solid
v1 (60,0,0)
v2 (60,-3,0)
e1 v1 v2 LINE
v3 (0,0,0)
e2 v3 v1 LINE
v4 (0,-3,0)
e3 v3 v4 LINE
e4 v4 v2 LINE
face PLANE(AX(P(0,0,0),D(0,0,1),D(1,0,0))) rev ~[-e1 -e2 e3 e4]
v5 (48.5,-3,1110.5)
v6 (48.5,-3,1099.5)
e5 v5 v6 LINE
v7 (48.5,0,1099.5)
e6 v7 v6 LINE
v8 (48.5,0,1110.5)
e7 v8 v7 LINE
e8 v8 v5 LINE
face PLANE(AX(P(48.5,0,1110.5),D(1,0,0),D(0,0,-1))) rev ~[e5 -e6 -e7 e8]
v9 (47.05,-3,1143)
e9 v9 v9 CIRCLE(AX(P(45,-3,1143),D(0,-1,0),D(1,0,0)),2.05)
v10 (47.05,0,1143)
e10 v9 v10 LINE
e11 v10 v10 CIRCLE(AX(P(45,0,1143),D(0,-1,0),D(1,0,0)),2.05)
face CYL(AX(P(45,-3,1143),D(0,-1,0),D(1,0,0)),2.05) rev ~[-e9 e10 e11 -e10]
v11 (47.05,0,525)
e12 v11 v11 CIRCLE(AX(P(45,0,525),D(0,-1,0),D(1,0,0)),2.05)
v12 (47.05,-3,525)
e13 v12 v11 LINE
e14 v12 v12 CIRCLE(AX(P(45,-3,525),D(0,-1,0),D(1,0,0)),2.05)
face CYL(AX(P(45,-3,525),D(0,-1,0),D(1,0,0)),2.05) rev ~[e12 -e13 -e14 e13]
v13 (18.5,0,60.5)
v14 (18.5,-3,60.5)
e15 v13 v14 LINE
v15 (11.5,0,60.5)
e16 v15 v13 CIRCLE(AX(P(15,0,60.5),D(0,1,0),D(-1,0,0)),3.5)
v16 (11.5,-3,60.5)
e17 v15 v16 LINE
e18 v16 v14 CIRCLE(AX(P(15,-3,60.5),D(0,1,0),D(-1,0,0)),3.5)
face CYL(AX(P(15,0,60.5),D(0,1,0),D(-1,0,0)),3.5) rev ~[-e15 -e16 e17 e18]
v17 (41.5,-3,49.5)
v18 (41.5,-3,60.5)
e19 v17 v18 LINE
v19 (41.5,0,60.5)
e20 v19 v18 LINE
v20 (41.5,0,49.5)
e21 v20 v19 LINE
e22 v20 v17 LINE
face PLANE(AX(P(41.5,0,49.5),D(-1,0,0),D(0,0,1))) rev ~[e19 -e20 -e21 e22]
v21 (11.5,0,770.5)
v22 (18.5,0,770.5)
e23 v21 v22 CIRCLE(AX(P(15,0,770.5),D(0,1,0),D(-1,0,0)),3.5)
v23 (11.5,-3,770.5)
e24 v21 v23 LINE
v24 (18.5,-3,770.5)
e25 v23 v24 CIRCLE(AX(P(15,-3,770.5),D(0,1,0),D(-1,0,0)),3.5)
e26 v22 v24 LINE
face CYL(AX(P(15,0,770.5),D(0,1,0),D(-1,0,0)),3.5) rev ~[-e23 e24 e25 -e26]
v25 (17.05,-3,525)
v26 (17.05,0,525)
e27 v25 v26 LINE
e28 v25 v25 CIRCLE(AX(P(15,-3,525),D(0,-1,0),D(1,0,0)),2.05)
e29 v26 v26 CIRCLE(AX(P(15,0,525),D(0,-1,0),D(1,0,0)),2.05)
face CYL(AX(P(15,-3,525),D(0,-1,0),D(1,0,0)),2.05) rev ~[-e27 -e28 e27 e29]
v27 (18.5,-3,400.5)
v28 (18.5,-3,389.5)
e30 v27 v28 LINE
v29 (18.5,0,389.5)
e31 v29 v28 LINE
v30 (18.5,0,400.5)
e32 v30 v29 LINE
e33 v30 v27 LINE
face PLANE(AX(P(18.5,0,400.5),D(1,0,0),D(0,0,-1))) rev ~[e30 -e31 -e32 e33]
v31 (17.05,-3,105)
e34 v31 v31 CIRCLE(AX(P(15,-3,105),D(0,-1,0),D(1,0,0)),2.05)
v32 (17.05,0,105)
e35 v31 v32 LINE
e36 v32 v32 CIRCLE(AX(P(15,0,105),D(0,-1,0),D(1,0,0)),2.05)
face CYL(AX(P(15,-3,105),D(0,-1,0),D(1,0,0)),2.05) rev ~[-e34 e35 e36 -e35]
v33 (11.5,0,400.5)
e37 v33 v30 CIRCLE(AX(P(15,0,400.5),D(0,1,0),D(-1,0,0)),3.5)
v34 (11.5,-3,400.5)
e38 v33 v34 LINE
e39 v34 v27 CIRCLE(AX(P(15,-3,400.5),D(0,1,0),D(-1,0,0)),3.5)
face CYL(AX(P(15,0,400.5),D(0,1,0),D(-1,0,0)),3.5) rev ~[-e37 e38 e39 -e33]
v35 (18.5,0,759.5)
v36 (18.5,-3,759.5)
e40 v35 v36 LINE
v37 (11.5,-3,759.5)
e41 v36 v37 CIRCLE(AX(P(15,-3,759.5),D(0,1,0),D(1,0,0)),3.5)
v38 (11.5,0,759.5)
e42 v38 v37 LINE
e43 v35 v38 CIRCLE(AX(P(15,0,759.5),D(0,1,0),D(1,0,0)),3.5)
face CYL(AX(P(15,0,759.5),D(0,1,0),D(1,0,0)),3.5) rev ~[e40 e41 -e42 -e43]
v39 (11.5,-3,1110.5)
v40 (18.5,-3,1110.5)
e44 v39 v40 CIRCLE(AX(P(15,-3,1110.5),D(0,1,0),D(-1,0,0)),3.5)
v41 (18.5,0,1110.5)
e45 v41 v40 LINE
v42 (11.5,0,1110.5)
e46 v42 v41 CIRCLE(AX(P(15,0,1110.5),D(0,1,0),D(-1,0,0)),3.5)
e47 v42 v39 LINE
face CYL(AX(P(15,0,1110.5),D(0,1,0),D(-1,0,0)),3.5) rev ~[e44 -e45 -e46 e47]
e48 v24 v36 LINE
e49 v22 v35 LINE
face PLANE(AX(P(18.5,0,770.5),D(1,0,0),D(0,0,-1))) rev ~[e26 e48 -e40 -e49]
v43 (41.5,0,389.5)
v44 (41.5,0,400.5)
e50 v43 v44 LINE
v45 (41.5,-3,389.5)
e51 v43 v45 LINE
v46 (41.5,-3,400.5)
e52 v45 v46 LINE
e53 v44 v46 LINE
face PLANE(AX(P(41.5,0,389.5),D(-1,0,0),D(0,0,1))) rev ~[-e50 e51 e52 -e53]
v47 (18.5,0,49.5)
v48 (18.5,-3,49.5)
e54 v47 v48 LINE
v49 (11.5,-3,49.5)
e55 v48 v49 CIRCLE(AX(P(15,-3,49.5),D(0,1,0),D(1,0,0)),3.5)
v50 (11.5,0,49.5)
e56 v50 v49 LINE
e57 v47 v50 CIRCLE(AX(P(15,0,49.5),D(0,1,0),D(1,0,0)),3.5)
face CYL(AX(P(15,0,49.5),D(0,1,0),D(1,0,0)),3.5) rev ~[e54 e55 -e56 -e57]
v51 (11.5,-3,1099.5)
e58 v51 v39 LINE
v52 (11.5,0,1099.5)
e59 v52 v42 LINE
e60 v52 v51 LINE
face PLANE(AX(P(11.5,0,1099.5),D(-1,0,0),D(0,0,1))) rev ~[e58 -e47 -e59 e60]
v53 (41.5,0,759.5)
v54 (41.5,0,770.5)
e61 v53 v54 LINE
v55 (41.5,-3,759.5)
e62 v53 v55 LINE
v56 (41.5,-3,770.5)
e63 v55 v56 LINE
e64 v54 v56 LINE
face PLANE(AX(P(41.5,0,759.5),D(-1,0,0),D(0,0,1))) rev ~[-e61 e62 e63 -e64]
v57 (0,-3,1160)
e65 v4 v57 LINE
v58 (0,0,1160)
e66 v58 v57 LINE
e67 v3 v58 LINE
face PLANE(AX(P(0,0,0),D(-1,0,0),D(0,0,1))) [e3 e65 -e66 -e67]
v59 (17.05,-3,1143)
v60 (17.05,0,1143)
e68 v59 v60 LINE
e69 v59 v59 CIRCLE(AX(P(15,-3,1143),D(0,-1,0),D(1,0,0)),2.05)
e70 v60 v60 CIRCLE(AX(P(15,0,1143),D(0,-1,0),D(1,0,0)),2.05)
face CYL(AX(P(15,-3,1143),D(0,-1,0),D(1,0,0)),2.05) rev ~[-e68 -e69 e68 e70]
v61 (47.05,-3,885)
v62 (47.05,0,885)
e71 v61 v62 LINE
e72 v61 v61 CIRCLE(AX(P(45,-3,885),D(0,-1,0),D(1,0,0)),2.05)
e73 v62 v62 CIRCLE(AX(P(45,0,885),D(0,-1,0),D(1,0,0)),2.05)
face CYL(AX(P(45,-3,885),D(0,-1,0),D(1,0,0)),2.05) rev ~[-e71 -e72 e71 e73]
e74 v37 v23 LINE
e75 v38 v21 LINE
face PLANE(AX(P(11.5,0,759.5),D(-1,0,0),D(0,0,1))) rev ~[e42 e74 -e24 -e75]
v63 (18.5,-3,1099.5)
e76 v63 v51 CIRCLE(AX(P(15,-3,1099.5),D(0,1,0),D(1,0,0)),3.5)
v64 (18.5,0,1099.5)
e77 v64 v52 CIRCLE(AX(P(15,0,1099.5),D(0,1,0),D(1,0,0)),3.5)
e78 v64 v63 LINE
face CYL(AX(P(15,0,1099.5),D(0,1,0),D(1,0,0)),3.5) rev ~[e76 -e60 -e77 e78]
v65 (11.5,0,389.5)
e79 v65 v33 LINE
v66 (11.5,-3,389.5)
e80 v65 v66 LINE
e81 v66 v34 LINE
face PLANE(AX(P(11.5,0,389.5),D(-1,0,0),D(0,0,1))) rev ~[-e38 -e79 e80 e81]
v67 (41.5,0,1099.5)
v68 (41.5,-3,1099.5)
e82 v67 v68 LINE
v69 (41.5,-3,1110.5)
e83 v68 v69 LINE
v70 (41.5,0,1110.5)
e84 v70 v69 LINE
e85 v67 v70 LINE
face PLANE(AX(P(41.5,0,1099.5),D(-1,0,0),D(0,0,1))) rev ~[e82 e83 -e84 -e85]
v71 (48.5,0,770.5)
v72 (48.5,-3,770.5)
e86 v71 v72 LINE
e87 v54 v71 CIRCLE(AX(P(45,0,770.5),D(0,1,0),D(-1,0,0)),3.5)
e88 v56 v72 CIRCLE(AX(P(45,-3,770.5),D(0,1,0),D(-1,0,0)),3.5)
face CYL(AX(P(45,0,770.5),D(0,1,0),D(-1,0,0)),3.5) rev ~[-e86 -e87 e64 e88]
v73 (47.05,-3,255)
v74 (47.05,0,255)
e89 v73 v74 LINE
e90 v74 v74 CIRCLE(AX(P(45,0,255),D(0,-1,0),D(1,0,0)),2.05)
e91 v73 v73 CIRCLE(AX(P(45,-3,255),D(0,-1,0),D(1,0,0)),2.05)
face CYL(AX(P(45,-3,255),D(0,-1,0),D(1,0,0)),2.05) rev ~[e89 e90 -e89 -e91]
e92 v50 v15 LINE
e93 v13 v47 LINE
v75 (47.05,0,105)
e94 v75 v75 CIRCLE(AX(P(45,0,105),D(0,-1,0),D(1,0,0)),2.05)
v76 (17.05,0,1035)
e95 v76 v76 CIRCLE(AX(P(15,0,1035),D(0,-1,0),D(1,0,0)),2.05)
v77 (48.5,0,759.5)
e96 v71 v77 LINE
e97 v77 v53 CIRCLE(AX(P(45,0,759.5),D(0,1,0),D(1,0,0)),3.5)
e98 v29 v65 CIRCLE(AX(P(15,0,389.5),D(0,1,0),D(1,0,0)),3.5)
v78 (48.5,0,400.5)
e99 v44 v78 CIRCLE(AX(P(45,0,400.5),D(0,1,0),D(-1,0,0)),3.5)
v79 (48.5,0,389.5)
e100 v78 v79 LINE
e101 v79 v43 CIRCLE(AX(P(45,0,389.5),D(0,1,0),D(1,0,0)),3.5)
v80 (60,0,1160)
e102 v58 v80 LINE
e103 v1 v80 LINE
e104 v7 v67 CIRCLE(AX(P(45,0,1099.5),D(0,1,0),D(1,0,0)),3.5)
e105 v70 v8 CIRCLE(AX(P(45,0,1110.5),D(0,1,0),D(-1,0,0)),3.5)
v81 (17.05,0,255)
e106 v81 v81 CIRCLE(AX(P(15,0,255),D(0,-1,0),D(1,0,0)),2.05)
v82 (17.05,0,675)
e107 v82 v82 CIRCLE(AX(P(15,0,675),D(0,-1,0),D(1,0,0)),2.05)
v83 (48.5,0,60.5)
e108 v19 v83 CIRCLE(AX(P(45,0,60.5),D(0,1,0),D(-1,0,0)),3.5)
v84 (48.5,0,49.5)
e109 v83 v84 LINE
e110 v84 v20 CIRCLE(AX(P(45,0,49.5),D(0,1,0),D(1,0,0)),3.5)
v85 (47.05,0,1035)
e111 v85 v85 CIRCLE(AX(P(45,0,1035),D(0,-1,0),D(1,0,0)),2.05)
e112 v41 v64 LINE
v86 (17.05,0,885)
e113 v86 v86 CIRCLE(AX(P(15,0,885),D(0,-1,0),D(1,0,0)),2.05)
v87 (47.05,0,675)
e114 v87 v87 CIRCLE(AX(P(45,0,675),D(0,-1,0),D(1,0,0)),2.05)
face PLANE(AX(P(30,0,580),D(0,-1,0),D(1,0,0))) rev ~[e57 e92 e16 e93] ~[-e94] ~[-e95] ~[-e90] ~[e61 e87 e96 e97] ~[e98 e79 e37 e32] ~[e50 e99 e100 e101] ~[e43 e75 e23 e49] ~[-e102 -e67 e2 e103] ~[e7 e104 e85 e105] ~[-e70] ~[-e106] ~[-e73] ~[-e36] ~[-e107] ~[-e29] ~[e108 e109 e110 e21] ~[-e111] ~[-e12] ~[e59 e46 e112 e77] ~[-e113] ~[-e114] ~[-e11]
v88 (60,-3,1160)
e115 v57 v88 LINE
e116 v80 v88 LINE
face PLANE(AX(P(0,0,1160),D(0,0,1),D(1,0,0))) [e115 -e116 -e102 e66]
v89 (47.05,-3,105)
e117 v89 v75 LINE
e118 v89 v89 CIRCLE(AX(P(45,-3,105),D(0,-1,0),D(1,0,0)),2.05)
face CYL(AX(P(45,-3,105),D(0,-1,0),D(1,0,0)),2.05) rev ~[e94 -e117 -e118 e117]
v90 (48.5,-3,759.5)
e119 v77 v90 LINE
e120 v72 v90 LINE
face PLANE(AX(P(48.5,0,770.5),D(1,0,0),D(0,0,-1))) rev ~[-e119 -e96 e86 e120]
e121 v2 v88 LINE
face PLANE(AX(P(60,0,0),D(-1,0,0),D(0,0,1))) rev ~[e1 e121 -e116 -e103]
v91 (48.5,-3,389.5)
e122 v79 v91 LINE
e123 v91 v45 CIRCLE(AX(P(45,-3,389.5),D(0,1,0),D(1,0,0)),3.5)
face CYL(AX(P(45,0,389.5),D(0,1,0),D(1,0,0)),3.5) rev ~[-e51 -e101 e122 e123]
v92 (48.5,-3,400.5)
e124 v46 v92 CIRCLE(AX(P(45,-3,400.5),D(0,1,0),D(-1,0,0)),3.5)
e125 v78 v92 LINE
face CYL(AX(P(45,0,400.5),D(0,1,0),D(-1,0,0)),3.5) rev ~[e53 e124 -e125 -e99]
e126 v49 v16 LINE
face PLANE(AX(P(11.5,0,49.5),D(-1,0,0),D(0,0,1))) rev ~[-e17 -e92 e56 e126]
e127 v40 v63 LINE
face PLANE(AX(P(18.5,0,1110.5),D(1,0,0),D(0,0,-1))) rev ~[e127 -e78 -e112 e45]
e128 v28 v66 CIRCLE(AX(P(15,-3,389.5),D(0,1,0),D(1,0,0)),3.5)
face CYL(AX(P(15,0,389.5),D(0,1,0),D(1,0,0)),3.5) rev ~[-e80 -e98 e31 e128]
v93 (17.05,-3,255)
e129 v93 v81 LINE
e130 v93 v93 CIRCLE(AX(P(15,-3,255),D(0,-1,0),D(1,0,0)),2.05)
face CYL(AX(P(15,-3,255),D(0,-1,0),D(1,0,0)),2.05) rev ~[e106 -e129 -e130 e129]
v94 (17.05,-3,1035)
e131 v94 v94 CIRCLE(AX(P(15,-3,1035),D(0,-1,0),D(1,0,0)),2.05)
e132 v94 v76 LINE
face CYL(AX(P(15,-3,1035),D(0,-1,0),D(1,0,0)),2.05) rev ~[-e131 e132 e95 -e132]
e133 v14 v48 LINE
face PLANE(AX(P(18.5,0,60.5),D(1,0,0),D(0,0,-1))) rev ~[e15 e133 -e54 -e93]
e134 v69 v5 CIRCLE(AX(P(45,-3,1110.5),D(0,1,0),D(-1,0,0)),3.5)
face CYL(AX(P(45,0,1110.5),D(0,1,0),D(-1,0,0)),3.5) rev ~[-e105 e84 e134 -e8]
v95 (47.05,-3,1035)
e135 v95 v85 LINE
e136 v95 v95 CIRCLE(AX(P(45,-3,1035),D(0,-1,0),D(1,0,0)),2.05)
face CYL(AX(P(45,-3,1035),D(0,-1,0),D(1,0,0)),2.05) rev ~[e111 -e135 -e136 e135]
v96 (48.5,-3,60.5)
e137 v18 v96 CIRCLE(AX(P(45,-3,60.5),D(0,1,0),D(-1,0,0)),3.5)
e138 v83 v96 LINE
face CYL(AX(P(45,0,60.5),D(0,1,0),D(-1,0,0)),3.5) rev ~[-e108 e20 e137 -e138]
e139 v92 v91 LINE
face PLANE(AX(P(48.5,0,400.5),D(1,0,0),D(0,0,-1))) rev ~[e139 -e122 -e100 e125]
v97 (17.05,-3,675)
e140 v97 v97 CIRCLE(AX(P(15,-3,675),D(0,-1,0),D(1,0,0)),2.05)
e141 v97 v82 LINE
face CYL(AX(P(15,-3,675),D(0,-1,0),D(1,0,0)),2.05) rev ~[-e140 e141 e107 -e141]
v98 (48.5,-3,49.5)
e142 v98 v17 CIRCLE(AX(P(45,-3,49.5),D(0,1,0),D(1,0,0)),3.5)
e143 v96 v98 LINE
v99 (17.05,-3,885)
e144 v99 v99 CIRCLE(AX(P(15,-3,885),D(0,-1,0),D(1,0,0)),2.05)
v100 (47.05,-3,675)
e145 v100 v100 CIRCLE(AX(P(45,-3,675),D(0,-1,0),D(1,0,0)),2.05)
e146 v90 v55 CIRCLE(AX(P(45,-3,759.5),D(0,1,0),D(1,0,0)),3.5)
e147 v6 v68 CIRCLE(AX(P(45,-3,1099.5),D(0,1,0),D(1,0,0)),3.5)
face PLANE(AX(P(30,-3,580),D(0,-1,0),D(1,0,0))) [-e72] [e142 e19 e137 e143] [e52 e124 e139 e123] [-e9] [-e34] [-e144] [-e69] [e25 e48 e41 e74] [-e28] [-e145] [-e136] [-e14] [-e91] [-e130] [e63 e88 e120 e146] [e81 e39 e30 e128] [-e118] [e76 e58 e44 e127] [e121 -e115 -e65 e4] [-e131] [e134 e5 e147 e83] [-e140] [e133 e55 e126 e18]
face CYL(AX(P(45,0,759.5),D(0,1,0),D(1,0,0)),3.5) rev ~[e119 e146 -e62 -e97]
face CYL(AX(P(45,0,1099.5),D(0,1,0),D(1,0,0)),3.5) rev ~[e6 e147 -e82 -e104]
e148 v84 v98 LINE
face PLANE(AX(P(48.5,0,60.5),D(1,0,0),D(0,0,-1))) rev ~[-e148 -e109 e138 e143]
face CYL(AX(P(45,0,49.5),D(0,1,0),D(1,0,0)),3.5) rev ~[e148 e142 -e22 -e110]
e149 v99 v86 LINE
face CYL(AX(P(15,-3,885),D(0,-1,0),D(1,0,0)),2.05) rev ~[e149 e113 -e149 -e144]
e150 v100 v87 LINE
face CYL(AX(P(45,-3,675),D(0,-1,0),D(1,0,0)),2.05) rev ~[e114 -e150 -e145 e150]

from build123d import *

# Parameters (mm, degrees)
F0_W     = 60
F0_H     = 1160
F1_DEPTH = 3
F2_R     = 2.05
F3_DEPTH = 25


with BuildPart() as f1:
    # F0 (on Front) → F1 (new body)
    with BuildSketch(Plane.XZ):
        with Locations((30, 580)):
            Rectangle(F0_W, F0_H)
        with BuildLine():
            Line((18.5, 60.5), (18.5, 49.5))
            ThreePointArc((18.5, 49.5), (15, 46), (11.5, 49.5))
            Line((11.5, 49.5), (11.5, 60.5))
            ThreePointArc((11.5, 60.5), (15, 64), (18.5, 60.5))
        make_face(mode=Mode.SUBTRACT)
        with BuildLine():
            Line((18.5, 400.5), (18.5, 389.5))
            ThreePointArc((18.5, 389.5), (15, 386), (11.5, 389.5))
            Line((11.5, 389.5), (11.5, 400.5))
            ThreePointArc((11.5, 400.5), (15, 404), (18.5, 400.5))
        make_face(mode=Mode.SUBTRACT)
        with BuildLine():
            Line((48.5, 60.5), (48.5, 49.5))
            ThreePointArc((48.5, 49.5), (45, 46), (41.5, 49.5))
            Line((41.5, 49.5), (41.5, 60.5))
            ThreePointArc((41.5, 60.5), (45, 64), (48.5, 60.5))
        make_face(mode=Mode.SUBTRACT)
        with BuildLine():
            Line((48.5, 400.5), (48.5, 389.5))
            ThreePointArc((48.5, 389.5), (45, 386), (41.5, 389.5))
            Line((41.5, 389.5), (41.5, 400.5))
            ThreePointArc((41.5, 400.5), (45, 404), (48.5, 400.5))
        make_face(mode=Mode.SUBTRACT)
        with BuildLine():
            Line((18.5, 770.5), (18.5, 759.5))
            ThreePointArc((18.5, 759.5), (15, 756), (11.5, 759.5))
            Line((11.5, 759.5), (11.5, 770.5))
            ThreePointArc((11.5, 770.5), (15, 774), (18.5, 770.5))
        make_face(mode=Mode.SUBTRACT)
        with BuildLine():
            Line((18.5, 1110.5), (18.5, 1099.5))
            ThreePointArc((18.5, 1099.5), (15, 1096), (11.5, 1099.5))
            Line((11.5, 1099.5), (11.5, 1110.5))
            ThreePointArc((11.5, 1110.5), (15, 1114), (18.5, 1110.5))
        make_face(mode=Mode.SUBTRACT)
        with BuildLine():
            Line((48.5, 770.5), (48.5, 759.5))
            ThreePointArc((48.5, 759.5), (45, 756), (41.5, 759.5))
            Line((41.5, 759.5), (41.5, 770.5))
            ThreePointArc((41.5, 770.5), (45, 774), (48.5, 770.5))
        make_face(mode=Mode.SUBTRACT)
        with BuildLine():
            Line((48.5, 1110.5), (48.5, 1099.5))
            ThreePointArc((48.5, 1099.5), (45, 1096), (41.5, 1099.5))
            Line((41.5, 1099.5), (41.5, 1110.5))
            ThreePointArc((41.5, 1110.5), (45, 1114), (48.5, 1110.5))
        make_face(mode=Mode.SUBTRACT)
    extrude(amount=F1_DEPTH)

    # F2 (on face) → F3 (cut)
    with BuildSketch(Plane.XZ.offset(3)):
        with Locations((15, 105)):
            Circle(F2_R)
        with Locations((45, 105)):
            Circle(F2_R)
        with Locations((15, 255)):
            Circle(F2_R)
        with Locations((45, 255)):
            Circle(F2_R)
        with Locations((15, 525)):
            Circle(F2_R)
        with Locations((45, 525)):
            Circle(F2_R)
        with Locations((15, 675)):
            Circle(F2_R)
        with Locations((45, 675)):
            Circle(F2_R)
        with Locations((15, 885)):
            Circle(F2_R)
        with Locations((45, 885)):
            Circle(F2_R)
        with Locations((15, 1035)):
            Circle(F2_R)
        with Locations((45, 1035)):
            Circle(F2_R)
        with Locations((15, 1143)):
            Circle(F2_R)
        with Locations((45, 1143)):
            Circle(F2_R)
    extrude(amount=-F3_DEPTH, mode=Mode.SUBTRACT)


solid = f1.part
